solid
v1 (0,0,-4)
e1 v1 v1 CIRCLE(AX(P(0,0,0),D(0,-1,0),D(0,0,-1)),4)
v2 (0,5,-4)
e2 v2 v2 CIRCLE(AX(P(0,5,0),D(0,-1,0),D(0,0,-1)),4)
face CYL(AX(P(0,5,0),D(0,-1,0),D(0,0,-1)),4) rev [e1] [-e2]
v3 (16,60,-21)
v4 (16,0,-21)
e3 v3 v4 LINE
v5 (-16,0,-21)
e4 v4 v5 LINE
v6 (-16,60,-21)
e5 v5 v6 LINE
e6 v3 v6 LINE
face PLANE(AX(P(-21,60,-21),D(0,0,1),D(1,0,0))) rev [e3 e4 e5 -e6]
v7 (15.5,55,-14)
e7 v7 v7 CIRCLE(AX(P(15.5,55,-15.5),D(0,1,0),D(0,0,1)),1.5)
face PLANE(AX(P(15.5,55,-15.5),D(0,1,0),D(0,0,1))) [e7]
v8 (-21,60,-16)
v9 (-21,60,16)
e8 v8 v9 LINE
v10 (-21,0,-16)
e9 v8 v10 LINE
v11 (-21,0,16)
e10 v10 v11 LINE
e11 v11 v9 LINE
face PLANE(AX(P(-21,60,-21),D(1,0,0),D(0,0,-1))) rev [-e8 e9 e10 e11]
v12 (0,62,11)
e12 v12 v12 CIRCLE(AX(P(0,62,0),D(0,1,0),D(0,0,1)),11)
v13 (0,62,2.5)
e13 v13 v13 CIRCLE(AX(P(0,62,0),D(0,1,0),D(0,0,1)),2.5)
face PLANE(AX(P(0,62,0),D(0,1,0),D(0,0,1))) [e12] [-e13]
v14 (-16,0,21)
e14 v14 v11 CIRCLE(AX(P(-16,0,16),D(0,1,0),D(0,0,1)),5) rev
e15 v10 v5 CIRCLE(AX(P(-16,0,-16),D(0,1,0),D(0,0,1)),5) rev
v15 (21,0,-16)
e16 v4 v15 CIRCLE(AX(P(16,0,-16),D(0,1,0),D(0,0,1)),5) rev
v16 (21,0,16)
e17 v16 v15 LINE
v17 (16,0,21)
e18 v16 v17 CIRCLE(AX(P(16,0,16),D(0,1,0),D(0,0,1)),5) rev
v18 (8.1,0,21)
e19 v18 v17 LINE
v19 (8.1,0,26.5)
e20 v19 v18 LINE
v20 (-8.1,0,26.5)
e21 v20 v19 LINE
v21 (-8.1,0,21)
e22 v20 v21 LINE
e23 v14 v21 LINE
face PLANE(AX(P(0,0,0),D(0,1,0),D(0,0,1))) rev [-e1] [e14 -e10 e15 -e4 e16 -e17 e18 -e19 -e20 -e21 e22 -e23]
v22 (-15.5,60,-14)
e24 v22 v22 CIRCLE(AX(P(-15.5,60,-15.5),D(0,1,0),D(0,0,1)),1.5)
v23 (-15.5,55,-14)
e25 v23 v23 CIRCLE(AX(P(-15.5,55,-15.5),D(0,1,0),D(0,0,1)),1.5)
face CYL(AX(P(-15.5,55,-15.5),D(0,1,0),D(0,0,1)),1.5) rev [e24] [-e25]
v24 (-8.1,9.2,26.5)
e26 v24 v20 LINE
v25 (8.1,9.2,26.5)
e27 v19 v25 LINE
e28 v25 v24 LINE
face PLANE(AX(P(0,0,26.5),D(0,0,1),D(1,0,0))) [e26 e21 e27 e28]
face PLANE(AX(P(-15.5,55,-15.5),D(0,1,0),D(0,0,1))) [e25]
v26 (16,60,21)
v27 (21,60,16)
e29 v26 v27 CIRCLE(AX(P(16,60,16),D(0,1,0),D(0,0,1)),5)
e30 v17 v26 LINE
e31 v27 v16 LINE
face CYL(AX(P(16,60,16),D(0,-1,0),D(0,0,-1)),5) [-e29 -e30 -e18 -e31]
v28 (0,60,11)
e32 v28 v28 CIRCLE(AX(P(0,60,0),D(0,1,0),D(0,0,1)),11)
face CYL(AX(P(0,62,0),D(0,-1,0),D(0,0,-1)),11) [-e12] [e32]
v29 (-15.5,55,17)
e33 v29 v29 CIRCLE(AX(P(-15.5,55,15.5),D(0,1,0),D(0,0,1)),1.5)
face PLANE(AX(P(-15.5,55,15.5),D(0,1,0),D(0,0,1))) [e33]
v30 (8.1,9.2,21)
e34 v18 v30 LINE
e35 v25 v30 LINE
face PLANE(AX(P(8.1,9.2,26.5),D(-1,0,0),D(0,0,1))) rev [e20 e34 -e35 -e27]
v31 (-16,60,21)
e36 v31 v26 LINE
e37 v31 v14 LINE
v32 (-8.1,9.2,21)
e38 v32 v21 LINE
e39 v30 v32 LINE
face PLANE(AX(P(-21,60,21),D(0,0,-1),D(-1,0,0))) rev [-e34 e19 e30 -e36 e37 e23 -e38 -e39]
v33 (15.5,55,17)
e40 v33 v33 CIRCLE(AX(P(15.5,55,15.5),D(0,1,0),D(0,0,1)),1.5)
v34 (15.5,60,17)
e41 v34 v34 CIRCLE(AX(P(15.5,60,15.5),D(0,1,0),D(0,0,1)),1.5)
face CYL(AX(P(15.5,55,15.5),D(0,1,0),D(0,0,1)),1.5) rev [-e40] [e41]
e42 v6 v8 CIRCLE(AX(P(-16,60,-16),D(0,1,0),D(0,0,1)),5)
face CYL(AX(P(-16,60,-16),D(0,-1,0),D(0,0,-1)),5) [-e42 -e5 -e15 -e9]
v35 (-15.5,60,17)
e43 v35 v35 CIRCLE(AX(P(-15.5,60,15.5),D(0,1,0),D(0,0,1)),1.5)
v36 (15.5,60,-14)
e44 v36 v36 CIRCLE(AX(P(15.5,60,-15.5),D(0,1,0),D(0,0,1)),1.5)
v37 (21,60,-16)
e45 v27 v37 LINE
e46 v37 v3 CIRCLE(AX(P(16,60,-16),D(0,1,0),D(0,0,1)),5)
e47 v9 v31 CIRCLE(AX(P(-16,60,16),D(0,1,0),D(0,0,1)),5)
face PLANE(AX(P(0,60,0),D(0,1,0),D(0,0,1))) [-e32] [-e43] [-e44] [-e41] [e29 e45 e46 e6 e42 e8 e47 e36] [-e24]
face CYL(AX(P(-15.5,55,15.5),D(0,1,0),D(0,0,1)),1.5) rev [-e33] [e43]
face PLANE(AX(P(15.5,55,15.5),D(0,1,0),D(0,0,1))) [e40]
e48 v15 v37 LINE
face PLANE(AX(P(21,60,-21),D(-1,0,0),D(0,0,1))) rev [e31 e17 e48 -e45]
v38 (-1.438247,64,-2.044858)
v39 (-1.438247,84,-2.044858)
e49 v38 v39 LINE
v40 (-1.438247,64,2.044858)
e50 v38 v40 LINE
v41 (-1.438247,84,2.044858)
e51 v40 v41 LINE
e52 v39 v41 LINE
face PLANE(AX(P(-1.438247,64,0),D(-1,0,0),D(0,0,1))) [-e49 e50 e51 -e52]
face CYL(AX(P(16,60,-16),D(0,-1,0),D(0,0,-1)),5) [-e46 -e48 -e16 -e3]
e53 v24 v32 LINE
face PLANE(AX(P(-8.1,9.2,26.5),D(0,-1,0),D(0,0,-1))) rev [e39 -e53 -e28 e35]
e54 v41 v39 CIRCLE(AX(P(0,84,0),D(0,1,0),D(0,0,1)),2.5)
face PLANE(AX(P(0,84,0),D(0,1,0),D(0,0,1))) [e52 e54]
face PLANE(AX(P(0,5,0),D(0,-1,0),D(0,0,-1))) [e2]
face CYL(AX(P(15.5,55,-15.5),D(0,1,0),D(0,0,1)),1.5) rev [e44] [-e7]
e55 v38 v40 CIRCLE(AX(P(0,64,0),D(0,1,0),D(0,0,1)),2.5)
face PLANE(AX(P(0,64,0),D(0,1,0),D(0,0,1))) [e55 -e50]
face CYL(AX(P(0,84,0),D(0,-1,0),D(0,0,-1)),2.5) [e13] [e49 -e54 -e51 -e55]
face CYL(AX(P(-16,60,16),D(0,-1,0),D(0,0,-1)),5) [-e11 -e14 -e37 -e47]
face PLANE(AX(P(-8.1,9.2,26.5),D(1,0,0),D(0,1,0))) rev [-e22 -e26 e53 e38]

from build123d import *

# Parameters (mm, degrees)
SKETCH_1_W          = 42
SKETCH_1_H          = 42
EXTRUDE_1_DEPTH     = 60
SKETCH_2_R          = 11
EXTRUDE_2_DEPTH     = 2
SKETCH_3_R          = 2.5
EXTRUDE_3_DEPTH     = 22
SKETCH_5_W          = 16.2
SKETCH_5_H          = 9.2
EXTRUDE_4_DEPTH     = 5.5
SKETCH_6_R          = 1.5
CUT_EXTRUDE_1_DEPTH = 5
FILLET_1_R          = 5
SKETCH_7_R          = 4
CUT_EXTRUDE_2_DEPTH = 5
CUT_EXTRUDE_START   = -20
CUT_EXTRUDE_3_DEPTH = 20


with BuildPart() as part:
    # 草图1 → 凸台-拉伸1 (new body)
    with BuildSketch(Plane(origin=(0, 0, 0), x_dir=(1, 0, 0), z_dir=(0, 1, 0))):
        Rectangle(SKETCH_1_W, SKETCH_1_H)
    extrude(amount=EXTRUDE_1_DEPTH)

    # 草图2 → 凸台-拉伸2 (add)
    with BuildSketch(Plane(origin=(0, 60, 0), x_dir=(1, 0, 0), z_dir=(0, 1, 0))):
        with Locations(Location((0, 0, 0), (0, 0, 270))):
            Circle(SKETCH_2_R)
    extrude(amount=EXTRUDE_2_DEPTH)

    # 草图3 → 凸台-拉伸3 (add)
    with BuildSketch(Plane(origin=(0, 62, 0), x_dir=(1, 0, 0), z_dir=(0, 1, 0))):
        with Locations(Location((0, 0, 0), (0, 0, 270))):
            Circle(SKETCH_3_R)
    extrude(amount=EXTRUDE_3_DEPTH)

    # 草图5 → 凸台-拉伸4 (add)
    with BuildSketch(Plane.XY.offset(21)):
        with Locations((0, 4.6)):
            Rectangle(SKETCH_5_W, SKETCH_5_H)
    extrude(amount=EXTRUDE_4_DEPTH)

    # 草图6 → 切除-拉伸1 (cut)
    with BuildSketch(Plane(origin=(0, 60, 0), x_dir=(1, 0, 0), z_dir=(0, 1, 0))):
        with Locations(Location((-15.5, 15.5, 0), (0, 0, 270))):
            Circle(SKETCH_6_R)
        with Locations(Location((15.5, 15.5, 0), (0, 0, 270))):
            Circle(SKETCH_6_R)
        with Locations(Location((15.5, -15.5, 0), (0, 0, 270))):
            Circle(SKETCH_6_R)
        with Locations(Location((-15.5, -15.5, 0), (0, 0, 270))):
            Circle(SKETCH_6_R)
    extrude(amount=-CUT_EXTRUDE_1_DEPTH, mode=Mode.SUBTRACT)

    # 圆角1
    fillet_1_edges = [part.edges().sort_by_distance(p)[0] for p in [
        (21, 30, 21),
        (-21, 30, 21),
        (-21, 30, -21),
        (21, 30, -21),
    ]]
    fillet(fillet_1_edges, radius=FILLET_1_R)

    # 草图7 → 切除-拉伸2 (cut)
    with BuildSketch(Plane.XZ):
        with Locations(Location((0, 0, 0), (0, 0, 270))):
            Circle(SKETCH_7_R)
    extrude(amount=-CUT_EXTRUDE_2_DEPTH, mode=Mode.SUBTRACT)

    # 草图8 → 切除-拉伸3 (cut)
    with BuildSketch(Plane(origin=(0, 84, 0), x_dir=(1, 0, 0), z_dir=(0, 1, 0)).offset(CUT_EXTRUDE_START)):
        with BuildLine():
            Line((-1.438247, -2.044858324), (-1.438247, 2.044858324))
            ThreePointArc((-1.438247, 2.044858324), (-2.5, 0), (-1.438247, -2.044858324))
        make_face()
    extrude(amount=CUT_EXTRUDE_3_DEPTH, mode=Mode.SUBTRACT)


solid = part.part
